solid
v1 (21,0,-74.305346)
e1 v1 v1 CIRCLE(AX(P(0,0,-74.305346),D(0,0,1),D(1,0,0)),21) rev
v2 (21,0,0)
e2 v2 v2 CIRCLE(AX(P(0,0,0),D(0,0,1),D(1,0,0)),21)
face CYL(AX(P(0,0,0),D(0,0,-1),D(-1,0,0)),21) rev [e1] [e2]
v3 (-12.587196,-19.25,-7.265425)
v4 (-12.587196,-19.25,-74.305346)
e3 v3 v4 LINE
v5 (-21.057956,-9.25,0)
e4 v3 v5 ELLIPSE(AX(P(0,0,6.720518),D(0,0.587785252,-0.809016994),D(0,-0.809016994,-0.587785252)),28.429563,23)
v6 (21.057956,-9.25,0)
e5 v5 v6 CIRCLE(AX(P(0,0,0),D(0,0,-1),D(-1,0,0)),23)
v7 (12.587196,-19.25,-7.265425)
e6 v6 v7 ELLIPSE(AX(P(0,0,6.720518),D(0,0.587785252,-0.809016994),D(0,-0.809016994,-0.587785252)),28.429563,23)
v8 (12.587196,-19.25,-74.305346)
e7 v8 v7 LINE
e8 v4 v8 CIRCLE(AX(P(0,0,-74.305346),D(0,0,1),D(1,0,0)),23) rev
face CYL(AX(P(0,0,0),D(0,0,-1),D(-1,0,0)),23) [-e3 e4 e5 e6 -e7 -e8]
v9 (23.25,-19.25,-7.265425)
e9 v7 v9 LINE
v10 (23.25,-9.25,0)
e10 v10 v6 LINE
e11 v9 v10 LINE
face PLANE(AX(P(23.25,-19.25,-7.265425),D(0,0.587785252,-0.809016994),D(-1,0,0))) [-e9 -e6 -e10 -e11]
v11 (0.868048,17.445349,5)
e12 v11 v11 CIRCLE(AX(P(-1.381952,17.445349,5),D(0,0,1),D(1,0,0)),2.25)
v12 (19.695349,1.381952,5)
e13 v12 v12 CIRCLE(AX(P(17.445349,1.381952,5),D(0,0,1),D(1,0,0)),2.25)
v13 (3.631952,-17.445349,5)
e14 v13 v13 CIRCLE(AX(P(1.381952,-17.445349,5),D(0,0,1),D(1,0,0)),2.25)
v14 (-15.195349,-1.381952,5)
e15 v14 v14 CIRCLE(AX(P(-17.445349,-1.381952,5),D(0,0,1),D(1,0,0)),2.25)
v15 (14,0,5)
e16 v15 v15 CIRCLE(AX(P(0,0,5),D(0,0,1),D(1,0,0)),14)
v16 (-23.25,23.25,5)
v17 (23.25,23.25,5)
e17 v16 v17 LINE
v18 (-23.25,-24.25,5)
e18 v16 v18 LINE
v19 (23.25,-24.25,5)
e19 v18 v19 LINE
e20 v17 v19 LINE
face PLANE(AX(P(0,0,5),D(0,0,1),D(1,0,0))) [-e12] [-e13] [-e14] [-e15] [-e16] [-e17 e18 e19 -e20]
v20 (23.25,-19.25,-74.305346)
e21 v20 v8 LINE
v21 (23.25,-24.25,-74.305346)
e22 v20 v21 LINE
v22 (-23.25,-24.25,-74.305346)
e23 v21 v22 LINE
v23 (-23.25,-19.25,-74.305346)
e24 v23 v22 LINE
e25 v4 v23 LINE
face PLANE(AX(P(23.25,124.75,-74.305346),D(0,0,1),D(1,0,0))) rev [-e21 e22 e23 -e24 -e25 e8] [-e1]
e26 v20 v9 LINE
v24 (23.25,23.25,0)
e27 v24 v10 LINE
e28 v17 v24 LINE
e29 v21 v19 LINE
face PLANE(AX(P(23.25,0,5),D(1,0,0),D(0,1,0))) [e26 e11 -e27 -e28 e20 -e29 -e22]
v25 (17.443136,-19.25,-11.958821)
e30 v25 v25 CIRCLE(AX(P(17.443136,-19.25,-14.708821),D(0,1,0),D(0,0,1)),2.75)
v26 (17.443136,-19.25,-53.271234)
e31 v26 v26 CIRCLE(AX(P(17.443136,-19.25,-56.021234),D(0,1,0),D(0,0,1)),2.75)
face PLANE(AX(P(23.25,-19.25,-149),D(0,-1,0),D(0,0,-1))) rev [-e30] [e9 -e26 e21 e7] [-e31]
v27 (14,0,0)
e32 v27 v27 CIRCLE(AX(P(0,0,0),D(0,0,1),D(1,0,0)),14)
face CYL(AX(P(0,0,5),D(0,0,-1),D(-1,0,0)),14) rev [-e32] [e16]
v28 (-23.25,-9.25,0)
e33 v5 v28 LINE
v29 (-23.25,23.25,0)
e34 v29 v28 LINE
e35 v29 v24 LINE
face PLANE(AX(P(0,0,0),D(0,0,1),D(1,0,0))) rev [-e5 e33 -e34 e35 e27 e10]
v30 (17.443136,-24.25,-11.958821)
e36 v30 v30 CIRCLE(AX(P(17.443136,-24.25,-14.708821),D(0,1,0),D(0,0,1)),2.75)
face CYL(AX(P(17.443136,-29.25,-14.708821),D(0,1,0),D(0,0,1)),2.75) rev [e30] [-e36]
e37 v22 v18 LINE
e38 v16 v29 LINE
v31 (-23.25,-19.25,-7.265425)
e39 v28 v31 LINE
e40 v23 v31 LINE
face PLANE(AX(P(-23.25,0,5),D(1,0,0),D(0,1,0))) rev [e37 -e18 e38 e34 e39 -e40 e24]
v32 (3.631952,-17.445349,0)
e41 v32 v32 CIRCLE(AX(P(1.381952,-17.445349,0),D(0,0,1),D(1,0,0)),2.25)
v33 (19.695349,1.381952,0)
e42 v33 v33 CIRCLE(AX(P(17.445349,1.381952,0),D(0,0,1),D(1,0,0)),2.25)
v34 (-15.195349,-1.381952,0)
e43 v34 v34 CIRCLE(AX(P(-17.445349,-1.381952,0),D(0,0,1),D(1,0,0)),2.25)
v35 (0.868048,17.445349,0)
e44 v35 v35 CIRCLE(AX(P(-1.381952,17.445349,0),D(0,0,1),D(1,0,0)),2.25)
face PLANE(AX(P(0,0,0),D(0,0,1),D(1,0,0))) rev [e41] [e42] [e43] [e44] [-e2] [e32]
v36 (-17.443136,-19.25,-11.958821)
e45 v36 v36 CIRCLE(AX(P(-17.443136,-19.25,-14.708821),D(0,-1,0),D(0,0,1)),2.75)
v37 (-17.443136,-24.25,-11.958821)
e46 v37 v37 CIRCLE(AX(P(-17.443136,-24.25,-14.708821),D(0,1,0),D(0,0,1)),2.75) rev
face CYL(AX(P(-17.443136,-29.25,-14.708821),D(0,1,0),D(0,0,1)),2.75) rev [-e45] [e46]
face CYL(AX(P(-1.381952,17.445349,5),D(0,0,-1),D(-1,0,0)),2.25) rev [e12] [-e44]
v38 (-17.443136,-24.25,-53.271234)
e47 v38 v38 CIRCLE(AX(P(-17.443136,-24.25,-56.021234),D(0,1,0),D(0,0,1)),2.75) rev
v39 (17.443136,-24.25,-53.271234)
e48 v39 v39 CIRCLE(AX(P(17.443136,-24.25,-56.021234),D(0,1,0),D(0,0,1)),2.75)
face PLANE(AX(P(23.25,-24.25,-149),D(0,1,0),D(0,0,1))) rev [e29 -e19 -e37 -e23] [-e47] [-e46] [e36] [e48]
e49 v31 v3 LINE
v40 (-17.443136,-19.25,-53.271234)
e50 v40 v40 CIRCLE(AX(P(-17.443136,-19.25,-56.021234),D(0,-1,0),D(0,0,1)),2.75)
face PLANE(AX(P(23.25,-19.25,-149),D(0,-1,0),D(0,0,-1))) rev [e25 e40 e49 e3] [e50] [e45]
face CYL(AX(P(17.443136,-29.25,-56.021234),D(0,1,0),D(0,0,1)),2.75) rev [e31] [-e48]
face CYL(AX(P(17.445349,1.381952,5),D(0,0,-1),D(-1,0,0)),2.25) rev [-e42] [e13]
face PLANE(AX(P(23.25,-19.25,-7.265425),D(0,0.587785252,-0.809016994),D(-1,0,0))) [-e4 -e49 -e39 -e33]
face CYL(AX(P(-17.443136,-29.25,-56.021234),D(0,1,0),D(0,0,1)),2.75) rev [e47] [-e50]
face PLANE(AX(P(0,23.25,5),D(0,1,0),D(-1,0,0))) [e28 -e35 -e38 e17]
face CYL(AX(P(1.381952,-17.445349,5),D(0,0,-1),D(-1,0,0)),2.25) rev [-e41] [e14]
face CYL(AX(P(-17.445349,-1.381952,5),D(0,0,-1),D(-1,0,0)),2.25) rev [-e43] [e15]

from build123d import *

# Parameters (mm, degrees)
SKETCH1_W           = 46.5
SKETCH1_H           = 46.5
SKETCH1_R           = 14
SKETCH1_R_2         = 2.25
BOSS_EXTRUDE1_DEPTH = 5
SKETCH2_W           = 46.5
SKETCH2_H           = 5
BOSS_EXTRUDE2_DEPTH = 149
SKETCH4_W           = 46.5
SKETCH4_H           = 5
BOSS_EXTRUDE3_DEPTH = 1
SKETCH5_R           = 2.75
CUT_EXTRUDE1_DEPTH  = 10
SKETCH9_R           = 23
CUT_EXTRUDE2_DEPTH  = 149
SKETCH10_R          = 23
SKETCH10_R_2        = 21
BOSS_EXTRUDE4_DEPTH = 149
CHAMFER1_SIZE       = 10
CHAMFER1_SIZE2      = 7.26542528
CHAMFER2_SIZE       = 10
CHAMFER2_SIZE2      = 7.26542528
SKETCH11_W          = 46.5
SKETCH11_H          = 74.694653746
CUT_EXTRUDE3_DEPTH  = 149


with BuildPart() as part:
    # Sketch1 → Boss-Extrude1 (new body)
    with BuildSketch(Plane.XY):
        Rectangle(SKETCH1_W, SKETCH1_H)
        Circle(SKETCH1_R, mode=Mode.SUBTRACT)
        with Locations((-1.381951843, 17.445349211)):
            Circle(SKETCH1_R_2, mode=Mode.SUBTRACT)
        with Locations((17.445349211, 1.381951843)):
            Circle(SKETCH1_R_2, mode=Mode.SUBTRACT)
        with Locations((1.381951843, -17.445349211)):
            Circle(SKETCH1_R_2, mode=Mode.SUBTRACT)
        with Locations((-17.445349211, -1.381951843)):
            Circle(SKETCH1_R_2, mode=Mode.SUBTRACT)
    extrude(amount=BOSS_EXTRUDE1_DEPTH)

    # Sketch2 → Boss-Extrude2 (add)
    with BuildSketch(Plane(origin=(0, 0, 0), x_dir=(-1, 0, 0), z_dir=(0, 0, -1))):
        with Locations((0, -21.75)):
            Rectangle(SKETCH2_W, SKETCH2_H)
    extrude(amount=BOSS_EXTRUDE2_DEPTH)

    # Sketch4 → Boss-Extrude3 (add)
    with BuildSketch(Plane.XZ.offset(23.25)):
        with Locations((0, 2.5)):
            Rectangle(SKETCH4_W, SKETCH4_H)
    extrude(amount=BOSS_EXTRUDE3_DEPTH)

    # Sketch5 → Cut-Extrude1 (cut)
    with BuildSketch(Plane(origin=(0, -19.25, 0), x_dir=(1, 0, 0), z_dir=(0, 1, 0))):
        with Locations((17.443135508, 14.708820521)):
            Circle(SKETCH5_R)
        with Locations((17.443135508, 87.833686256)):
            Circle(SKETCH5_R)
        with Locations((17.443135508, 56.021234434)):
            Circle(SKETCH5_R)
        with Locations((17.443135508, 129.140706858)):
            Circle(SKETCH5_R)
    cut_extrude1 = extrude(amount=-CUT_EXTRUDE1_DEPTH, mode=Mode.SUBTRACT)

    # Mirror1: Cut-Extrude1 across plane
    add(cut_extrude1.mirror(Plane(origin=(0, 0, 0), x_dir=(0, 0, 1), z_dir=(1, 0, 0))), mode=Mode.SUBTRACT)

    # Sketch9 → Cut-Extrude2 (cut)
    with BuildSketch(Plane(origin=(0, 0, -149), x_dir=(-1, 0, 0), z_dir=(0, 0, -1))):
        Circle(SKETCH9_R)
    extrude(amount=-CUT_EXTRUDE2_DEPTH, mode=Mode.SUBTRACT)

    # Sketch10 → Boss-Extrude4 (add)
    with BuildSketch(Plane(origin=(0, 0, -149), x_dir=(-1, 0, 0), z_dir=(0, 0, -1))):
        Circle(SKETCH10_R)
        Circle(SKETCH10_R_2, mode=Mode.SUBTRACT)
    extrude(amount=-BOSS_EXTRUDE4_DEPTH)

    # Chamfer1
    chamfer1_edges = [part.edges().sort_by_distance(p)[0] for p in [
        (17.918597938, -19.25, 0),
    ]]
    chamfer1_side = [part.faces().sort_by_distance(p)[0] for p in [
        (0, 23.062996032, 0),
    ]]
    chamfer(chamfer1_edges, length=CHAMFER1_SIZE, length2=CHAMFER1_SIZE2, reference=chamfer1_side[0])

    # Chamfer2
    chamfer2_edges = [part.edges().sort_by_distance(p)[0] for p in [
        (-17.918597938, -19.25, 0),
    ]]
    chamfer2_side = [part.faces().sort_by_distance(p)[0] for p in [
        (-6.732220056, 22.650656451, 0),
    ]]
    chamfer(chamfer2_edges, length=CHAMFER2_SIZE, length2=CHAMFER2_SIZE2, reference=chamfer2_side[0])

    # Sketch11 → Cut-Extrude3 (cut)
    with BuildSketch(Plane.XZ.offset(24.25)):
        with Locations((0, -111.652673127)):
            Rectangle(SKETCH11_W, SKETCH11_H)
    extrude(amount=-CUT_EXTRUDE3_DEPTH, mode=Mode.SUBTRACT)


solid = part.part
